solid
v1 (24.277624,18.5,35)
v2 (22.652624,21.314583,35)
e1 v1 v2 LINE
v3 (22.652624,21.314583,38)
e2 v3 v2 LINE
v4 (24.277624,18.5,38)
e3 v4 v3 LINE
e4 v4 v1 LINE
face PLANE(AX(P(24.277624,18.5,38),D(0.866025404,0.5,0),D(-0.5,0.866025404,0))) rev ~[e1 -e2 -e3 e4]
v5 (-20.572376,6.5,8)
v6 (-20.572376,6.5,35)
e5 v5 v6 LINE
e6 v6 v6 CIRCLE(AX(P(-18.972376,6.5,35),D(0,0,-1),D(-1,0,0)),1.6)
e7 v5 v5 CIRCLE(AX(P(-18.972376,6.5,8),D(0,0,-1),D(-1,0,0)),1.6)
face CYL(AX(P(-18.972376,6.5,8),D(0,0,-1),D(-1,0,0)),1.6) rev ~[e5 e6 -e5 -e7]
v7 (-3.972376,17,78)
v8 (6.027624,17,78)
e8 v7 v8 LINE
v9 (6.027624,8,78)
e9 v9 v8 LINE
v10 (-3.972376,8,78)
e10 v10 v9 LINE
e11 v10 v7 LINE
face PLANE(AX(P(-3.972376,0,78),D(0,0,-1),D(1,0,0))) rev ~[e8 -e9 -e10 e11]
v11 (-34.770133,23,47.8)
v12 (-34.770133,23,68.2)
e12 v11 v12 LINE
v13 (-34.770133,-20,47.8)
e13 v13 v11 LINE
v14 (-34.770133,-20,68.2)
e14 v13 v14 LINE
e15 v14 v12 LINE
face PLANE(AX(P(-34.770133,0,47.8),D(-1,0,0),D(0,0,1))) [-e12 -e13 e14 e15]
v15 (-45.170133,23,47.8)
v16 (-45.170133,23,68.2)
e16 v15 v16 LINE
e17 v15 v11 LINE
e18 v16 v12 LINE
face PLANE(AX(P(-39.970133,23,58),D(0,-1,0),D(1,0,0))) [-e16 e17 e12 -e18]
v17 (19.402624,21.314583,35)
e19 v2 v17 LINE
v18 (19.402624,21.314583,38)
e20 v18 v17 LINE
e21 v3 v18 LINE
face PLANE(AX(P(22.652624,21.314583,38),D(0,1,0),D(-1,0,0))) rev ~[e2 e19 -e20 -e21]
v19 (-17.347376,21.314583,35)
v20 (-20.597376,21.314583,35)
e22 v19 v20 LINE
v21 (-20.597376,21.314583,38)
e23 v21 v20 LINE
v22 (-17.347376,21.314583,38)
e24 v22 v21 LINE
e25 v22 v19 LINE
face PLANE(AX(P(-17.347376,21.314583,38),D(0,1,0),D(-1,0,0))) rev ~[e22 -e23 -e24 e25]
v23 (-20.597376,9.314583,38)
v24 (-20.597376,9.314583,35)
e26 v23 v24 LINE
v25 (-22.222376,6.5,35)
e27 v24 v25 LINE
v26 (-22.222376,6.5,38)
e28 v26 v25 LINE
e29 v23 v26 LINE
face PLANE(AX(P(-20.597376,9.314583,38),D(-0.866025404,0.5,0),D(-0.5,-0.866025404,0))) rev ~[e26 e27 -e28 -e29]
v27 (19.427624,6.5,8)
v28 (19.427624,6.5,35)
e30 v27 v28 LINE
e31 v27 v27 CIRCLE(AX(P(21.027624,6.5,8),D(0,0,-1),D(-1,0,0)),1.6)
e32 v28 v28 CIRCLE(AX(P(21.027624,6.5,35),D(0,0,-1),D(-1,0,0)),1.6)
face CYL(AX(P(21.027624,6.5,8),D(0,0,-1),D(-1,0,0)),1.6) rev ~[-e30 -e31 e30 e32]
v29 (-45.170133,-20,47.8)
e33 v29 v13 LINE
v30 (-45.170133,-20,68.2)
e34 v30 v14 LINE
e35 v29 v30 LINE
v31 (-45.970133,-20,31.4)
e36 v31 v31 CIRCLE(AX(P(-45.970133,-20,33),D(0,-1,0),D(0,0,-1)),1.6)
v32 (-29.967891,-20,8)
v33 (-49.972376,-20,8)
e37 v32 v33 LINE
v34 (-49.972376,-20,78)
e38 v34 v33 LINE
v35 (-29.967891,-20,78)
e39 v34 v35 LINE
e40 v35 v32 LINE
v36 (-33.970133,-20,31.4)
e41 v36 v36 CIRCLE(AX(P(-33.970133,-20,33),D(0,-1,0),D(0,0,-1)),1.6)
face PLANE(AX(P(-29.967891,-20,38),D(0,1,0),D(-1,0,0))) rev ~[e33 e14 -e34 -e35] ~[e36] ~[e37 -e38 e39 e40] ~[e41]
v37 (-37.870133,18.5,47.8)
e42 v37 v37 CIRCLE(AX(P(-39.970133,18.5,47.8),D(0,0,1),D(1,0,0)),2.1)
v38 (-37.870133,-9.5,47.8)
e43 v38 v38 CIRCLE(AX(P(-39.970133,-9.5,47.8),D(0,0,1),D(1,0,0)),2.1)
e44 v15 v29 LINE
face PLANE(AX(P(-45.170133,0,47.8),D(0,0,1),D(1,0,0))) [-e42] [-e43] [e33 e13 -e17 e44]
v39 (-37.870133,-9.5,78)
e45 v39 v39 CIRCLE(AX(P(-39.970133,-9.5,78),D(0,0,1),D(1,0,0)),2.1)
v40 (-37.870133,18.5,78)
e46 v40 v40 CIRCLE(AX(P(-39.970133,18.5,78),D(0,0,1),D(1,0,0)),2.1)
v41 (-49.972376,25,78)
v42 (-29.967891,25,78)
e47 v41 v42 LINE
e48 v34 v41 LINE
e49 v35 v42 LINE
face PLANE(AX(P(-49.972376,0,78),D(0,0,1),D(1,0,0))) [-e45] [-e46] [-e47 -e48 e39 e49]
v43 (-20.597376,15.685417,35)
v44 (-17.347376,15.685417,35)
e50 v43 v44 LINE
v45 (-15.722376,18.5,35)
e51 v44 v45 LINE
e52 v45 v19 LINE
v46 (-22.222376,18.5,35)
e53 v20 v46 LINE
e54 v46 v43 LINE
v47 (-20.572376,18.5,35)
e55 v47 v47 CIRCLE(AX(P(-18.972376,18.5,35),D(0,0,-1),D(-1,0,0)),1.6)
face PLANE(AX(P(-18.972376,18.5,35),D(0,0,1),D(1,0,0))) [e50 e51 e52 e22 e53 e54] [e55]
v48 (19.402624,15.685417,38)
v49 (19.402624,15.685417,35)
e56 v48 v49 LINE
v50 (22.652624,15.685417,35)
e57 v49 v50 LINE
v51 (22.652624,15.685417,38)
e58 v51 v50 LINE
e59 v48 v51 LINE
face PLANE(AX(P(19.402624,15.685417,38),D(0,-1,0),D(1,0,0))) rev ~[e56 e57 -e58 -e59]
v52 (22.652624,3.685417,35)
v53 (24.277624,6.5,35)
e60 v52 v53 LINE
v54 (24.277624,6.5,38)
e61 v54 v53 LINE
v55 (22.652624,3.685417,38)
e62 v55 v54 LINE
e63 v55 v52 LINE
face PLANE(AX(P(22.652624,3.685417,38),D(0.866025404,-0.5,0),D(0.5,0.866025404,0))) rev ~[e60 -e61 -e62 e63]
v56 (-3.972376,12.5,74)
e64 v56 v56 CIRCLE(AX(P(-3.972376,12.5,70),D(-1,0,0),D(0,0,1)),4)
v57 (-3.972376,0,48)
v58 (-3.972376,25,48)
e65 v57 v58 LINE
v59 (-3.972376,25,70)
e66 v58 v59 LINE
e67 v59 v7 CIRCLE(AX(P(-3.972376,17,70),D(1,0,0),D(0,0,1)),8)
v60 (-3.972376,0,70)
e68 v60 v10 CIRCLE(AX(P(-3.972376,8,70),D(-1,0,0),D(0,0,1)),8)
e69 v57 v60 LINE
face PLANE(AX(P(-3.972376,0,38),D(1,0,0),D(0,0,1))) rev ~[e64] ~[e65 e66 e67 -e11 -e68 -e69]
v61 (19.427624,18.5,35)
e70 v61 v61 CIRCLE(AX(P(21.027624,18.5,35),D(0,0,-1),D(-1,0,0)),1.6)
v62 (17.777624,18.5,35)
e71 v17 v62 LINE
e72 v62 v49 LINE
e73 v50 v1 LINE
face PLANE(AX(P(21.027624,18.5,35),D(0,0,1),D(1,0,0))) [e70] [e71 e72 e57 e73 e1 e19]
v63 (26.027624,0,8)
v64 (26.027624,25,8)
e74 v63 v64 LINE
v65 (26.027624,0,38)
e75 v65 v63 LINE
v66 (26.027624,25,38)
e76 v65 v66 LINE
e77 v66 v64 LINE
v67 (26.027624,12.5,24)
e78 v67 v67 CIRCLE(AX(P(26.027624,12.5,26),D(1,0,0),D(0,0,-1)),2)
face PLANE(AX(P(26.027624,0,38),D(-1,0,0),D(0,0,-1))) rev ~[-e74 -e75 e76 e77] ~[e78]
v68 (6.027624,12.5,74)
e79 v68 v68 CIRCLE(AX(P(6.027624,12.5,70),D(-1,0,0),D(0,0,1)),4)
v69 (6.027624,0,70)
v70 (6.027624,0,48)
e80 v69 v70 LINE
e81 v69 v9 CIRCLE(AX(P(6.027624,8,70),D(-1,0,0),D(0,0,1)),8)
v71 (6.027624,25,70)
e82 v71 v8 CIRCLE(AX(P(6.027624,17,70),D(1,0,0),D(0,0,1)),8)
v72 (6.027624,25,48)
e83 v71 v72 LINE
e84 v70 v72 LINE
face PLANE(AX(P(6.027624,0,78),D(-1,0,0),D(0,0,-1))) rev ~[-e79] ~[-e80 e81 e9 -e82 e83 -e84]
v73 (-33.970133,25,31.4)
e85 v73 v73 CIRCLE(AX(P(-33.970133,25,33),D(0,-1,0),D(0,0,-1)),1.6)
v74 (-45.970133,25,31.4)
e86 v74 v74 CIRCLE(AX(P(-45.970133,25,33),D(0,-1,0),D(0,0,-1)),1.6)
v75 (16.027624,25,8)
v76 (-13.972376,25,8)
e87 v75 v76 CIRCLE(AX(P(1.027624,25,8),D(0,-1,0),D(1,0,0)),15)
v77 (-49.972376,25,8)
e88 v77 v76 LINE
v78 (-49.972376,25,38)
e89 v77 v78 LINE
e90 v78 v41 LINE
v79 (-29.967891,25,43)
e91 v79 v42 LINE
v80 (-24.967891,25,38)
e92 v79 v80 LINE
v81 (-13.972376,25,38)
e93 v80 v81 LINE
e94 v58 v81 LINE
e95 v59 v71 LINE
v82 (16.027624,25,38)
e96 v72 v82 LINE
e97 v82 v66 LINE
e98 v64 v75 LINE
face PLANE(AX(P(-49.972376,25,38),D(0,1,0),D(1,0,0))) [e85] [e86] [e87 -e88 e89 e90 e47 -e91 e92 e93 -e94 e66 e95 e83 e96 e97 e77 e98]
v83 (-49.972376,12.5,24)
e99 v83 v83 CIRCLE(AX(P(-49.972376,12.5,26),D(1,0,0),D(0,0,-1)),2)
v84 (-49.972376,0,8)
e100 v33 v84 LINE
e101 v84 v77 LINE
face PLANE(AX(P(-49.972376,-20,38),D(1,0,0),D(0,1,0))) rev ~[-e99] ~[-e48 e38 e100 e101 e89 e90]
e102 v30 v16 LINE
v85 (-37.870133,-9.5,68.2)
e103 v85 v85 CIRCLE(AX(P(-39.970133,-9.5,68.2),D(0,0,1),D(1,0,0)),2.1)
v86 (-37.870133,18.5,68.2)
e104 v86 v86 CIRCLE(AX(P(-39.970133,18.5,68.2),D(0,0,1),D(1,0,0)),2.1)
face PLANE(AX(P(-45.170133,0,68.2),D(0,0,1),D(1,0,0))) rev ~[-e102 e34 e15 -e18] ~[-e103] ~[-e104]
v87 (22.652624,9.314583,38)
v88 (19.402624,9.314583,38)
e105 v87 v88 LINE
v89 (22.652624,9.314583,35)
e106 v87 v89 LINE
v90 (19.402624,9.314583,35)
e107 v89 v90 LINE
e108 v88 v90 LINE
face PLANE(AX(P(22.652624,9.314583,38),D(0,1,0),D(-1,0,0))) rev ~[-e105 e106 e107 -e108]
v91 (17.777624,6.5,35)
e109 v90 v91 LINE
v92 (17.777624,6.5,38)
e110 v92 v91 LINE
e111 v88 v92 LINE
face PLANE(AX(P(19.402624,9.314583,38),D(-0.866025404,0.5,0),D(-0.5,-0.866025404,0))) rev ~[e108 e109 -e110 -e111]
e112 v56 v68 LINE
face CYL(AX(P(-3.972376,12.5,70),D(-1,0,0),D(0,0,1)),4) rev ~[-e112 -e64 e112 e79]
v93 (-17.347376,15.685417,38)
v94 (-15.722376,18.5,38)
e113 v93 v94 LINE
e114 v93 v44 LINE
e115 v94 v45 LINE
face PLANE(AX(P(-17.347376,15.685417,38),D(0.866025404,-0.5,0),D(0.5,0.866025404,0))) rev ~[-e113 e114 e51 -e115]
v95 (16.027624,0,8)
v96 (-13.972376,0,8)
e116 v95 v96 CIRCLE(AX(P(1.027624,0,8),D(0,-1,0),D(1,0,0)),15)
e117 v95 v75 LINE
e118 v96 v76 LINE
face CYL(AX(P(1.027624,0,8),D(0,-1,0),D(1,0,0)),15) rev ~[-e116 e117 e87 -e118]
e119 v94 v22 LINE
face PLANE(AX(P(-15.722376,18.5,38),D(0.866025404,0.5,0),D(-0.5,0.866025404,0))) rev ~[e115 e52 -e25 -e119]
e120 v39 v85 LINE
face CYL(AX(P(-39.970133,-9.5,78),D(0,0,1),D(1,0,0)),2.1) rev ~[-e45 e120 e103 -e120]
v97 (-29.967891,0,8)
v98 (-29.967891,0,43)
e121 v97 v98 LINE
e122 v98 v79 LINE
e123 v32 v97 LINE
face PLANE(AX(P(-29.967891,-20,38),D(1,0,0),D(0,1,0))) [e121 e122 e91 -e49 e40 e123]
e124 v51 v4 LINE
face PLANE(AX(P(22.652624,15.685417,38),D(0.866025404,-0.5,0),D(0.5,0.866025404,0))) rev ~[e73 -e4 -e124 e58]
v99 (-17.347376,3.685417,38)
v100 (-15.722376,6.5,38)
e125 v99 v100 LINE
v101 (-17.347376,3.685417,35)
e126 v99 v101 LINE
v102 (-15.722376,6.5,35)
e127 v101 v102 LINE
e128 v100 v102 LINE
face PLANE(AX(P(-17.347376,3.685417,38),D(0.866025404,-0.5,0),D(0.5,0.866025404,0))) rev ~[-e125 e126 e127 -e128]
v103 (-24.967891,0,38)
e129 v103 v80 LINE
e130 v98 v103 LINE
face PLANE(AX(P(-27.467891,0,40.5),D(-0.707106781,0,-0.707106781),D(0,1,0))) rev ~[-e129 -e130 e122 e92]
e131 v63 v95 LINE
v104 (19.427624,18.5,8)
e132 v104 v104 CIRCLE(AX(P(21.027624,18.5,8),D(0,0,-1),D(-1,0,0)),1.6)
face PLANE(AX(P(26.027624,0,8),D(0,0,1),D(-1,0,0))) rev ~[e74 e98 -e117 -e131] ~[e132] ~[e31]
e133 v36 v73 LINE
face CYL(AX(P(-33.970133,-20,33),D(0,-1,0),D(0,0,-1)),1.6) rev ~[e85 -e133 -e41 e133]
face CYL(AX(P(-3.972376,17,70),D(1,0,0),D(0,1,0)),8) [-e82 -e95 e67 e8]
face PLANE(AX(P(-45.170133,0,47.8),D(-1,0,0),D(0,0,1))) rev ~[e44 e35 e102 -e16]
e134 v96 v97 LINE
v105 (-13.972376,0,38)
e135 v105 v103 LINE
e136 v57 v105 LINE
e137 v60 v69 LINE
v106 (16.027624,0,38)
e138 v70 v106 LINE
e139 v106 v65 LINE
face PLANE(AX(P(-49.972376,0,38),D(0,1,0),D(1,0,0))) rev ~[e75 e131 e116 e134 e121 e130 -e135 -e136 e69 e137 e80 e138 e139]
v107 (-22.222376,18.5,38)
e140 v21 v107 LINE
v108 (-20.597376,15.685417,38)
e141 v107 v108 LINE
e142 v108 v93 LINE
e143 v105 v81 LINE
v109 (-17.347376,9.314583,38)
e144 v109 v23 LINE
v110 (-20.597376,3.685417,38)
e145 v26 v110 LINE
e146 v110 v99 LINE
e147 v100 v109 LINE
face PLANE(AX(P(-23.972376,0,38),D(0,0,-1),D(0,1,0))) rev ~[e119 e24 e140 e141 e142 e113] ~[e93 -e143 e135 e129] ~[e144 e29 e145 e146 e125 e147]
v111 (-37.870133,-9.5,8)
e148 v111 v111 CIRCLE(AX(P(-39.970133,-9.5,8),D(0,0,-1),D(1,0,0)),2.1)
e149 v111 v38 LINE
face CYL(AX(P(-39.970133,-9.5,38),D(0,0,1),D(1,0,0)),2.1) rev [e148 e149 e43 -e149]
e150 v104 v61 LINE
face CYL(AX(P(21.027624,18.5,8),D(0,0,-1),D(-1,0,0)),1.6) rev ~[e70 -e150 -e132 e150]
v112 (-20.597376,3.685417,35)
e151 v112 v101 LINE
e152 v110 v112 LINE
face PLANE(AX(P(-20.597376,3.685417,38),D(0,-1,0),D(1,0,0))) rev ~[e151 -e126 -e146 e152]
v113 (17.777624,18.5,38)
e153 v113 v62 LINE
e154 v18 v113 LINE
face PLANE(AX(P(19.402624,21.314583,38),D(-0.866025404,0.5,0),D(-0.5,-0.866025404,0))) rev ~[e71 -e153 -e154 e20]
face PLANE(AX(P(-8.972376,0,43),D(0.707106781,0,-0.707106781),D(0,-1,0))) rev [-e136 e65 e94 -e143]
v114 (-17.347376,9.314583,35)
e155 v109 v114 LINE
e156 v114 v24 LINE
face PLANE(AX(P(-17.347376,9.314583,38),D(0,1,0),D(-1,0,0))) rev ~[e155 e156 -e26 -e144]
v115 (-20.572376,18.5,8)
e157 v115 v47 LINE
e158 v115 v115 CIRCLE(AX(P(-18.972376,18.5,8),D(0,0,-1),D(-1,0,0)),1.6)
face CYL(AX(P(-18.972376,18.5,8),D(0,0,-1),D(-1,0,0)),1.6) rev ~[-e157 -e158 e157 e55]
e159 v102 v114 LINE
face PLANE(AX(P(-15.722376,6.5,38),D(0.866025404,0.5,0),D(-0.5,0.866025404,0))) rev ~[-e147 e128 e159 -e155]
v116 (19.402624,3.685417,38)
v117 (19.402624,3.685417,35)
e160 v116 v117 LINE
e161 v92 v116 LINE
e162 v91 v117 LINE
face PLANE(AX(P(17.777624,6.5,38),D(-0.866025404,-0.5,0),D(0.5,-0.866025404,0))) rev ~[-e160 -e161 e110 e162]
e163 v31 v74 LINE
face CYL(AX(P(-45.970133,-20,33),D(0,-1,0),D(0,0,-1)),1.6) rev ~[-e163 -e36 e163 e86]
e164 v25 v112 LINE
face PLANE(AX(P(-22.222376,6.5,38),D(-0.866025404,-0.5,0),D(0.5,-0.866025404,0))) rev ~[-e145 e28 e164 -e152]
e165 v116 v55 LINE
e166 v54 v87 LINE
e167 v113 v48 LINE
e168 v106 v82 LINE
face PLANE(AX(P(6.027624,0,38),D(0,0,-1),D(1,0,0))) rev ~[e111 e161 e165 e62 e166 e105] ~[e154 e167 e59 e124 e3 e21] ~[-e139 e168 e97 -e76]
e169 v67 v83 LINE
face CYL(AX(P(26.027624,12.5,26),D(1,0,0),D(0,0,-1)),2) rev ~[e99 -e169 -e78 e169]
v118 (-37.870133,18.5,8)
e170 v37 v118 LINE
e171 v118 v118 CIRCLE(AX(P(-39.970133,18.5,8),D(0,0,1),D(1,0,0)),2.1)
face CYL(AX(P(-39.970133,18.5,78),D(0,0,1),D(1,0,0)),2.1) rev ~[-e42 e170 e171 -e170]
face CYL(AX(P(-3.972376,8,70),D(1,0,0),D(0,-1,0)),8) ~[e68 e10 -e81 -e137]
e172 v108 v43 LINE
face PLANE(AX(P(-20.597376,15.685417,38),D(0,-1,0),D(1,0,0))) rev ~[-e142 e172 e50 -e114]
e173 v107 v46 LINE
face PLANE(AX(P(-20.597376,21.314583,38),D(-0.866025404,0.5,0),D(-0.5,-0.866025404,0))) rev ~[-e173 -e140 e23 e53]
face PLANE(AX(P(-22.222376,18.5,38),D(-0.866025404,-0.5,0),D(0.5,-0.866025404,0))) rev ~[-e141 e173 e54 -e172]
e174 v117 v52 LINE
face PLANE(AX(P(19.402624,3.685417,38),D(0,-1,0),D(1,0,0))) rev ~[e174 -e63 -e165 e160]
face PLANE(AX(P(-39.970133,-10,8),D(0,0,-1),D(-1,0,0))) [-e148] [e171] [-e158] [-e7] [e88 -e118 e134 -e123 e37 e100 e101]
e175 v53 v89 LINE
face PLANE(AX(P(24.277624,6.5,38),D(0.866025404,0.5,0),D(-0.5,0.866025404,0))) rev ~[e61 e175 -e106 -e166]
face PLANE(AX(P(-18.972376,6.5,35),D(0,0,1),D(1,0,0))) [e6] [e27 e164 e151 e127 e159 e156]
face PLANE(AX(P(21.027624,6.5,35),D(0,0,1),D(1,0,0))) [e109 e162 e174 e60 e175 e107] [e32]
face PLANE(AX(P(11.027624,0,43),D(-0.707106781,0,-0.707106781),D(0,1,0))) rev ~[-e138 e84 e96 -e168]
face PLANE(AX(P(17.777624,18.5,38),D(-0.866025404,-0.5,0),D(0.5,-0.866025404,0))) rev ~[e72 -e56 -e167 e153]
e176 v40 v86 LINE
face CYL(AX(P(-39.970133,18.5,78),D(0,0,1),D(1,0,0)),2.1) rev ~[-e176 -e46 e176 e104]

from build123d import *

# Parameters (mm, degrees)
BOSS_EXTRUDE1_DEPTH = 25
SKETCH2_R           = 4
CUT_EXTRUDE1_DEPTH  = 88.229582138
SKETCH3_R           = 1.6
CUT_EXTRUDE2_DEPTH  = 79.755553628
CUT_EXTRUDE3_DEPTH  = 3
FILLET2_R           = 8
CHAMFER2_SIZE       = 10
SKETCH5_W           = 30
SKETCH5_H           = 25
BOSS_EXTRUDE2_DEPTH = 26
SKETCH6_W           = 20.004484435
SKETCH6_H           = 25
BOSS_EXTRUDE3_DEPTH = 40
SKETCH7_W           = 10.4
SKETCH7_H           = 20.4
CUT_EXTRUDE4_DEPTH  = 23
SKETCH9_W           = 20.004484435
SKETCH9_H           = 40
SKETCH9_W_2         = 10.4
SKETCH9_H_2         = 20.4
BOSS_EXTRUDE4_DEPTH = 20
SKETCH10_R          = 2.1
CUT_EXTRUDE6_DEPTH  = 90.566948883
CHAMFER5_SIZE       = 5
SKETCH11_R          = 2
CUT_EXTRUDE7_DEPTH  = 112.736296699
SKETCH12_W          = 20.004484435
SKETCH12_H          = 20
SKETCH12_R          = 2.1
BOSS_EXTRUDE5_DEPTH = 30
SKETCH13_R          = 1.6
CUT_EXTRUDE8_DEPTH  = 103.986592973


with BuildPart() as part:
    # Sketch1 → Boss-Extrude1 (new body)
    with BuildSketch(Plane(origin=(0, 0, 0), x_dir=(1, 0, 0), z_dir=(0, 1, 0))):
        with BuildLine():
            Line((-13.972375691, -8), (-23.972375691, -8))
            Line((-23.972375691, -8), (-23.972375691, -38))
            Line((-23.972375691, -38), (-3.972375691, -38))
            Line((-3.972375691, -38), (-3.972375691, -78))
            Line((-3.972375691, -78), (6.027624309, -78))
            Line((6.027624309, -78), (6.027624309, -38))
            Line((6.027624309, -38), (26.027624309, -38))
            Line((26.027624309, -38), (26.027624309, -8))
            Line((26.027624309, -8), (16.027624309, -8))
            ThreePointArc((16.027624309, -8), (1.027624309, -23), (-13.972375691, -8))
        make_face()
    extrude(amount=BOSS_EXTRUDE1_DEPTH)

    # Sketch2 → Cut-Extrude1 (cut, through all)
    with BuildSketch(Plane.ZY.offset(3.972375691)):
        with Locations((70, 12.5)):
            Circle(SKETCH2_R)
    extrude(amount=-CUT_EXTRUDE1_DEPTH, mode=Mode.SUBTRACT)

    # Sketch3 → Cut-Extrude2 (cut, through all)
    with BuildSketch(Plane(origin=(0, 0, 8), x_dir=(-1, 0, 0), z_dir=(0, 0, -1))):
        with Locations((-21.027624309, 6.5)):
            Circle(SKETCH3_R)
        with Locations((-21.027624309, 18.5)):
            Circle(SKETCH3_R)
        with Locations((18.972375691, 6.5)):
            Circle(SKETCH3_R)
        with Locations((18.972375691, 18.5)):
            Circle(SKETCH3_R)
    extrude(amount=-CUT_EXTRUDE2_DEPTH, mode=Mode.SUBTRACT)

    # Sketch4 → Cut-Extrude3 (cut)
    with BuildSketch(Plane.XY.offset(38)):
        Polygon((24.277624309, 18.5), (22.652624309, 21.314582562), (19.402624309, 21.314582562), (17.777624309, 18.5), (19.402624309, 15.685417438), (22.652624309, 15.685417438), align=None)
        Polygon((24.277624309, 6.5), (22.652624309, 9.314582562), (19.402624309, 9.314582562), (17.777624309, 6.5), (19.402624309, 3.685417438), (22.652624309, 3.685417438), align=None)
        Polygon((-15.722375691, 18.5), (-17.347375691, 21.314582562), (-20.597375691, 21.314582562), (-22.222375691, 18.5), (-20.597375691, 15.685417438), (-17.347375691, 15.685417438), align=None)
        Polygon((-15.722375691, 6.5), (-17.347375691, 9.314582562), (-20.597375691, 9.314582562), (-22.222375691, 6.5), (-20.597375691, 3.685417438), (-17.347375691, 3.685417438), align=None)
    extrude(amount=-CUT_EXTRUDE3_DEPTH, mode=Mode.SUBTRACT)

    # Fillet2
    fillet2_edges = [part.edges().sort_by_distance(p)[0] for p in [
        (1.027624309, 0, 78),
        (1.027624309, 25, 78),
    ]]
    fillet(fillet2_edges, radius=FILLET2_R)

    # Chamfer2
    chamfer2_edges = [part.edges().sort_by_distance(p)[0] for p in [
        (6.027624309, 12.5, 38),
        (-3.972375691, 12.5, 38),
    ]]
    chamfer(chamfer2_edges, length=CHAMFER2_SIZE)

    # Sketch5 → Boss-Extrude2 (add)
    with BuildSketch(Plane.ZY.offset(23.972375691)):
        with Locations((23, 12.5)):
            Rectangle(SKETCH5_W, SKETCH5_H)
    extrude(amount=BOSS_EXTRUDE2_DEPTH)

    # Sketch6 → Boss-Extrude3 (add)
    with BuildSketch(Plane.XY.offset(38)):
        with Locations((-39.970133473, 12.5)):
            Rectangle(SKETCH6_W, SKETCH6_H)
    extrude(amount=BOSS_EXTRUDE3_DEPTH)

    # Sketch7 → Cut-Extrude4 (cut)
    with BuildSketch(Plane.XZ):
        with Locations((-39.970133474, 58)):
            Rectangle(SKETCH7_W, SKETCH7_H)
    extrude(amount=-CUT_EXTRUDE4_DEPTH, mode=Mode.SUBTRACT)

    # Sketch9 → Boss-Extrude4 (add)
    with BuildSketch(Plane.XZ):
        with Locations((-39.970133473, 58)):
            Rectangle(SKETCH9_W, SKETCH9_H)
        with Locations((-39.970133474, 58)):
            Rectangle(SKETCH9_W_2, SKETCH9_H_2, mode=Mode.SUBTRACT)
    extrude(amount=BOSS_EXTRUDE4_DEPTH)

    # Sketch10 → Cut-Extrude6 (cut, through all)
    with BuildSketch(Plane.XY.offset(78)):
        with Locations((-39.970133474, -9.5)):
            Circle(SKETCH10_R)
        with Locations((-39.970133474, 18.5)):
            Circle(SKETCH10_R)
    extrude(amount=-CUT_EXTRUDE6_DEPTH, mode=Mode.SUBTRACT)

    # Chamfer5
    chamfer5_edges = [part.edges().sort_by_distance(p)[0] for p in [
        (-29.967891256, 12.5, 38),
    ]]
    chamfer(chamfer5_edges, length=CHAMFER5_SIZE)

    # Sketch11 → Cut-Extrude7 (cut, through all)
    with BuildSketch(Plane(origin=(26.027624309, 0, 0), x_dir=(0, 0, -1), z_dir=(1, 0, 0))):
        with Locations((-26, 12.5)):
            Circle(SKETCH11_R)
    extrude(amount=-CUT_EXTRUDE7_DEPTH, mode=Mode.SUBTRACT)

    # Sketch12 → Boss-Extrude5 (add)
    with BuildSketch(Plane(origin=(0, 0, 38), x_dir=(-1, 0, 0), z_dir=(0, 0, -1))):
        with Locations((39.970133473, -10)):
            Rectangle(SKETCH12_W, SKETCH12_H)
        with Locations(Location((39.970133474, -9.5, 0), (0, 0, 180))):
            Circle(SKETCH12_R, mode=Mode.SUBTRACT)
    extrude(amount=BOSS_EXTRUDE5_DEPTH)

    # Sketch13 → Cut-Extrude8 (cut, through all)
    with BuildSketch(Plane.XZ.offset(20)):
        with Locations(Location((-33.970133474, 33, 0), (0, 0, 270))):
            Circle(SKETCH13_R)
        with Locations(Location((-45.970133474, 33, 0), (0, 0, 270))):
            Circle(SKETCH13_R)
    extrude(amount=-CUT_EXTRUDE8_DEPTH, mode=Mode.SUBTRACT)


solid = part.part
